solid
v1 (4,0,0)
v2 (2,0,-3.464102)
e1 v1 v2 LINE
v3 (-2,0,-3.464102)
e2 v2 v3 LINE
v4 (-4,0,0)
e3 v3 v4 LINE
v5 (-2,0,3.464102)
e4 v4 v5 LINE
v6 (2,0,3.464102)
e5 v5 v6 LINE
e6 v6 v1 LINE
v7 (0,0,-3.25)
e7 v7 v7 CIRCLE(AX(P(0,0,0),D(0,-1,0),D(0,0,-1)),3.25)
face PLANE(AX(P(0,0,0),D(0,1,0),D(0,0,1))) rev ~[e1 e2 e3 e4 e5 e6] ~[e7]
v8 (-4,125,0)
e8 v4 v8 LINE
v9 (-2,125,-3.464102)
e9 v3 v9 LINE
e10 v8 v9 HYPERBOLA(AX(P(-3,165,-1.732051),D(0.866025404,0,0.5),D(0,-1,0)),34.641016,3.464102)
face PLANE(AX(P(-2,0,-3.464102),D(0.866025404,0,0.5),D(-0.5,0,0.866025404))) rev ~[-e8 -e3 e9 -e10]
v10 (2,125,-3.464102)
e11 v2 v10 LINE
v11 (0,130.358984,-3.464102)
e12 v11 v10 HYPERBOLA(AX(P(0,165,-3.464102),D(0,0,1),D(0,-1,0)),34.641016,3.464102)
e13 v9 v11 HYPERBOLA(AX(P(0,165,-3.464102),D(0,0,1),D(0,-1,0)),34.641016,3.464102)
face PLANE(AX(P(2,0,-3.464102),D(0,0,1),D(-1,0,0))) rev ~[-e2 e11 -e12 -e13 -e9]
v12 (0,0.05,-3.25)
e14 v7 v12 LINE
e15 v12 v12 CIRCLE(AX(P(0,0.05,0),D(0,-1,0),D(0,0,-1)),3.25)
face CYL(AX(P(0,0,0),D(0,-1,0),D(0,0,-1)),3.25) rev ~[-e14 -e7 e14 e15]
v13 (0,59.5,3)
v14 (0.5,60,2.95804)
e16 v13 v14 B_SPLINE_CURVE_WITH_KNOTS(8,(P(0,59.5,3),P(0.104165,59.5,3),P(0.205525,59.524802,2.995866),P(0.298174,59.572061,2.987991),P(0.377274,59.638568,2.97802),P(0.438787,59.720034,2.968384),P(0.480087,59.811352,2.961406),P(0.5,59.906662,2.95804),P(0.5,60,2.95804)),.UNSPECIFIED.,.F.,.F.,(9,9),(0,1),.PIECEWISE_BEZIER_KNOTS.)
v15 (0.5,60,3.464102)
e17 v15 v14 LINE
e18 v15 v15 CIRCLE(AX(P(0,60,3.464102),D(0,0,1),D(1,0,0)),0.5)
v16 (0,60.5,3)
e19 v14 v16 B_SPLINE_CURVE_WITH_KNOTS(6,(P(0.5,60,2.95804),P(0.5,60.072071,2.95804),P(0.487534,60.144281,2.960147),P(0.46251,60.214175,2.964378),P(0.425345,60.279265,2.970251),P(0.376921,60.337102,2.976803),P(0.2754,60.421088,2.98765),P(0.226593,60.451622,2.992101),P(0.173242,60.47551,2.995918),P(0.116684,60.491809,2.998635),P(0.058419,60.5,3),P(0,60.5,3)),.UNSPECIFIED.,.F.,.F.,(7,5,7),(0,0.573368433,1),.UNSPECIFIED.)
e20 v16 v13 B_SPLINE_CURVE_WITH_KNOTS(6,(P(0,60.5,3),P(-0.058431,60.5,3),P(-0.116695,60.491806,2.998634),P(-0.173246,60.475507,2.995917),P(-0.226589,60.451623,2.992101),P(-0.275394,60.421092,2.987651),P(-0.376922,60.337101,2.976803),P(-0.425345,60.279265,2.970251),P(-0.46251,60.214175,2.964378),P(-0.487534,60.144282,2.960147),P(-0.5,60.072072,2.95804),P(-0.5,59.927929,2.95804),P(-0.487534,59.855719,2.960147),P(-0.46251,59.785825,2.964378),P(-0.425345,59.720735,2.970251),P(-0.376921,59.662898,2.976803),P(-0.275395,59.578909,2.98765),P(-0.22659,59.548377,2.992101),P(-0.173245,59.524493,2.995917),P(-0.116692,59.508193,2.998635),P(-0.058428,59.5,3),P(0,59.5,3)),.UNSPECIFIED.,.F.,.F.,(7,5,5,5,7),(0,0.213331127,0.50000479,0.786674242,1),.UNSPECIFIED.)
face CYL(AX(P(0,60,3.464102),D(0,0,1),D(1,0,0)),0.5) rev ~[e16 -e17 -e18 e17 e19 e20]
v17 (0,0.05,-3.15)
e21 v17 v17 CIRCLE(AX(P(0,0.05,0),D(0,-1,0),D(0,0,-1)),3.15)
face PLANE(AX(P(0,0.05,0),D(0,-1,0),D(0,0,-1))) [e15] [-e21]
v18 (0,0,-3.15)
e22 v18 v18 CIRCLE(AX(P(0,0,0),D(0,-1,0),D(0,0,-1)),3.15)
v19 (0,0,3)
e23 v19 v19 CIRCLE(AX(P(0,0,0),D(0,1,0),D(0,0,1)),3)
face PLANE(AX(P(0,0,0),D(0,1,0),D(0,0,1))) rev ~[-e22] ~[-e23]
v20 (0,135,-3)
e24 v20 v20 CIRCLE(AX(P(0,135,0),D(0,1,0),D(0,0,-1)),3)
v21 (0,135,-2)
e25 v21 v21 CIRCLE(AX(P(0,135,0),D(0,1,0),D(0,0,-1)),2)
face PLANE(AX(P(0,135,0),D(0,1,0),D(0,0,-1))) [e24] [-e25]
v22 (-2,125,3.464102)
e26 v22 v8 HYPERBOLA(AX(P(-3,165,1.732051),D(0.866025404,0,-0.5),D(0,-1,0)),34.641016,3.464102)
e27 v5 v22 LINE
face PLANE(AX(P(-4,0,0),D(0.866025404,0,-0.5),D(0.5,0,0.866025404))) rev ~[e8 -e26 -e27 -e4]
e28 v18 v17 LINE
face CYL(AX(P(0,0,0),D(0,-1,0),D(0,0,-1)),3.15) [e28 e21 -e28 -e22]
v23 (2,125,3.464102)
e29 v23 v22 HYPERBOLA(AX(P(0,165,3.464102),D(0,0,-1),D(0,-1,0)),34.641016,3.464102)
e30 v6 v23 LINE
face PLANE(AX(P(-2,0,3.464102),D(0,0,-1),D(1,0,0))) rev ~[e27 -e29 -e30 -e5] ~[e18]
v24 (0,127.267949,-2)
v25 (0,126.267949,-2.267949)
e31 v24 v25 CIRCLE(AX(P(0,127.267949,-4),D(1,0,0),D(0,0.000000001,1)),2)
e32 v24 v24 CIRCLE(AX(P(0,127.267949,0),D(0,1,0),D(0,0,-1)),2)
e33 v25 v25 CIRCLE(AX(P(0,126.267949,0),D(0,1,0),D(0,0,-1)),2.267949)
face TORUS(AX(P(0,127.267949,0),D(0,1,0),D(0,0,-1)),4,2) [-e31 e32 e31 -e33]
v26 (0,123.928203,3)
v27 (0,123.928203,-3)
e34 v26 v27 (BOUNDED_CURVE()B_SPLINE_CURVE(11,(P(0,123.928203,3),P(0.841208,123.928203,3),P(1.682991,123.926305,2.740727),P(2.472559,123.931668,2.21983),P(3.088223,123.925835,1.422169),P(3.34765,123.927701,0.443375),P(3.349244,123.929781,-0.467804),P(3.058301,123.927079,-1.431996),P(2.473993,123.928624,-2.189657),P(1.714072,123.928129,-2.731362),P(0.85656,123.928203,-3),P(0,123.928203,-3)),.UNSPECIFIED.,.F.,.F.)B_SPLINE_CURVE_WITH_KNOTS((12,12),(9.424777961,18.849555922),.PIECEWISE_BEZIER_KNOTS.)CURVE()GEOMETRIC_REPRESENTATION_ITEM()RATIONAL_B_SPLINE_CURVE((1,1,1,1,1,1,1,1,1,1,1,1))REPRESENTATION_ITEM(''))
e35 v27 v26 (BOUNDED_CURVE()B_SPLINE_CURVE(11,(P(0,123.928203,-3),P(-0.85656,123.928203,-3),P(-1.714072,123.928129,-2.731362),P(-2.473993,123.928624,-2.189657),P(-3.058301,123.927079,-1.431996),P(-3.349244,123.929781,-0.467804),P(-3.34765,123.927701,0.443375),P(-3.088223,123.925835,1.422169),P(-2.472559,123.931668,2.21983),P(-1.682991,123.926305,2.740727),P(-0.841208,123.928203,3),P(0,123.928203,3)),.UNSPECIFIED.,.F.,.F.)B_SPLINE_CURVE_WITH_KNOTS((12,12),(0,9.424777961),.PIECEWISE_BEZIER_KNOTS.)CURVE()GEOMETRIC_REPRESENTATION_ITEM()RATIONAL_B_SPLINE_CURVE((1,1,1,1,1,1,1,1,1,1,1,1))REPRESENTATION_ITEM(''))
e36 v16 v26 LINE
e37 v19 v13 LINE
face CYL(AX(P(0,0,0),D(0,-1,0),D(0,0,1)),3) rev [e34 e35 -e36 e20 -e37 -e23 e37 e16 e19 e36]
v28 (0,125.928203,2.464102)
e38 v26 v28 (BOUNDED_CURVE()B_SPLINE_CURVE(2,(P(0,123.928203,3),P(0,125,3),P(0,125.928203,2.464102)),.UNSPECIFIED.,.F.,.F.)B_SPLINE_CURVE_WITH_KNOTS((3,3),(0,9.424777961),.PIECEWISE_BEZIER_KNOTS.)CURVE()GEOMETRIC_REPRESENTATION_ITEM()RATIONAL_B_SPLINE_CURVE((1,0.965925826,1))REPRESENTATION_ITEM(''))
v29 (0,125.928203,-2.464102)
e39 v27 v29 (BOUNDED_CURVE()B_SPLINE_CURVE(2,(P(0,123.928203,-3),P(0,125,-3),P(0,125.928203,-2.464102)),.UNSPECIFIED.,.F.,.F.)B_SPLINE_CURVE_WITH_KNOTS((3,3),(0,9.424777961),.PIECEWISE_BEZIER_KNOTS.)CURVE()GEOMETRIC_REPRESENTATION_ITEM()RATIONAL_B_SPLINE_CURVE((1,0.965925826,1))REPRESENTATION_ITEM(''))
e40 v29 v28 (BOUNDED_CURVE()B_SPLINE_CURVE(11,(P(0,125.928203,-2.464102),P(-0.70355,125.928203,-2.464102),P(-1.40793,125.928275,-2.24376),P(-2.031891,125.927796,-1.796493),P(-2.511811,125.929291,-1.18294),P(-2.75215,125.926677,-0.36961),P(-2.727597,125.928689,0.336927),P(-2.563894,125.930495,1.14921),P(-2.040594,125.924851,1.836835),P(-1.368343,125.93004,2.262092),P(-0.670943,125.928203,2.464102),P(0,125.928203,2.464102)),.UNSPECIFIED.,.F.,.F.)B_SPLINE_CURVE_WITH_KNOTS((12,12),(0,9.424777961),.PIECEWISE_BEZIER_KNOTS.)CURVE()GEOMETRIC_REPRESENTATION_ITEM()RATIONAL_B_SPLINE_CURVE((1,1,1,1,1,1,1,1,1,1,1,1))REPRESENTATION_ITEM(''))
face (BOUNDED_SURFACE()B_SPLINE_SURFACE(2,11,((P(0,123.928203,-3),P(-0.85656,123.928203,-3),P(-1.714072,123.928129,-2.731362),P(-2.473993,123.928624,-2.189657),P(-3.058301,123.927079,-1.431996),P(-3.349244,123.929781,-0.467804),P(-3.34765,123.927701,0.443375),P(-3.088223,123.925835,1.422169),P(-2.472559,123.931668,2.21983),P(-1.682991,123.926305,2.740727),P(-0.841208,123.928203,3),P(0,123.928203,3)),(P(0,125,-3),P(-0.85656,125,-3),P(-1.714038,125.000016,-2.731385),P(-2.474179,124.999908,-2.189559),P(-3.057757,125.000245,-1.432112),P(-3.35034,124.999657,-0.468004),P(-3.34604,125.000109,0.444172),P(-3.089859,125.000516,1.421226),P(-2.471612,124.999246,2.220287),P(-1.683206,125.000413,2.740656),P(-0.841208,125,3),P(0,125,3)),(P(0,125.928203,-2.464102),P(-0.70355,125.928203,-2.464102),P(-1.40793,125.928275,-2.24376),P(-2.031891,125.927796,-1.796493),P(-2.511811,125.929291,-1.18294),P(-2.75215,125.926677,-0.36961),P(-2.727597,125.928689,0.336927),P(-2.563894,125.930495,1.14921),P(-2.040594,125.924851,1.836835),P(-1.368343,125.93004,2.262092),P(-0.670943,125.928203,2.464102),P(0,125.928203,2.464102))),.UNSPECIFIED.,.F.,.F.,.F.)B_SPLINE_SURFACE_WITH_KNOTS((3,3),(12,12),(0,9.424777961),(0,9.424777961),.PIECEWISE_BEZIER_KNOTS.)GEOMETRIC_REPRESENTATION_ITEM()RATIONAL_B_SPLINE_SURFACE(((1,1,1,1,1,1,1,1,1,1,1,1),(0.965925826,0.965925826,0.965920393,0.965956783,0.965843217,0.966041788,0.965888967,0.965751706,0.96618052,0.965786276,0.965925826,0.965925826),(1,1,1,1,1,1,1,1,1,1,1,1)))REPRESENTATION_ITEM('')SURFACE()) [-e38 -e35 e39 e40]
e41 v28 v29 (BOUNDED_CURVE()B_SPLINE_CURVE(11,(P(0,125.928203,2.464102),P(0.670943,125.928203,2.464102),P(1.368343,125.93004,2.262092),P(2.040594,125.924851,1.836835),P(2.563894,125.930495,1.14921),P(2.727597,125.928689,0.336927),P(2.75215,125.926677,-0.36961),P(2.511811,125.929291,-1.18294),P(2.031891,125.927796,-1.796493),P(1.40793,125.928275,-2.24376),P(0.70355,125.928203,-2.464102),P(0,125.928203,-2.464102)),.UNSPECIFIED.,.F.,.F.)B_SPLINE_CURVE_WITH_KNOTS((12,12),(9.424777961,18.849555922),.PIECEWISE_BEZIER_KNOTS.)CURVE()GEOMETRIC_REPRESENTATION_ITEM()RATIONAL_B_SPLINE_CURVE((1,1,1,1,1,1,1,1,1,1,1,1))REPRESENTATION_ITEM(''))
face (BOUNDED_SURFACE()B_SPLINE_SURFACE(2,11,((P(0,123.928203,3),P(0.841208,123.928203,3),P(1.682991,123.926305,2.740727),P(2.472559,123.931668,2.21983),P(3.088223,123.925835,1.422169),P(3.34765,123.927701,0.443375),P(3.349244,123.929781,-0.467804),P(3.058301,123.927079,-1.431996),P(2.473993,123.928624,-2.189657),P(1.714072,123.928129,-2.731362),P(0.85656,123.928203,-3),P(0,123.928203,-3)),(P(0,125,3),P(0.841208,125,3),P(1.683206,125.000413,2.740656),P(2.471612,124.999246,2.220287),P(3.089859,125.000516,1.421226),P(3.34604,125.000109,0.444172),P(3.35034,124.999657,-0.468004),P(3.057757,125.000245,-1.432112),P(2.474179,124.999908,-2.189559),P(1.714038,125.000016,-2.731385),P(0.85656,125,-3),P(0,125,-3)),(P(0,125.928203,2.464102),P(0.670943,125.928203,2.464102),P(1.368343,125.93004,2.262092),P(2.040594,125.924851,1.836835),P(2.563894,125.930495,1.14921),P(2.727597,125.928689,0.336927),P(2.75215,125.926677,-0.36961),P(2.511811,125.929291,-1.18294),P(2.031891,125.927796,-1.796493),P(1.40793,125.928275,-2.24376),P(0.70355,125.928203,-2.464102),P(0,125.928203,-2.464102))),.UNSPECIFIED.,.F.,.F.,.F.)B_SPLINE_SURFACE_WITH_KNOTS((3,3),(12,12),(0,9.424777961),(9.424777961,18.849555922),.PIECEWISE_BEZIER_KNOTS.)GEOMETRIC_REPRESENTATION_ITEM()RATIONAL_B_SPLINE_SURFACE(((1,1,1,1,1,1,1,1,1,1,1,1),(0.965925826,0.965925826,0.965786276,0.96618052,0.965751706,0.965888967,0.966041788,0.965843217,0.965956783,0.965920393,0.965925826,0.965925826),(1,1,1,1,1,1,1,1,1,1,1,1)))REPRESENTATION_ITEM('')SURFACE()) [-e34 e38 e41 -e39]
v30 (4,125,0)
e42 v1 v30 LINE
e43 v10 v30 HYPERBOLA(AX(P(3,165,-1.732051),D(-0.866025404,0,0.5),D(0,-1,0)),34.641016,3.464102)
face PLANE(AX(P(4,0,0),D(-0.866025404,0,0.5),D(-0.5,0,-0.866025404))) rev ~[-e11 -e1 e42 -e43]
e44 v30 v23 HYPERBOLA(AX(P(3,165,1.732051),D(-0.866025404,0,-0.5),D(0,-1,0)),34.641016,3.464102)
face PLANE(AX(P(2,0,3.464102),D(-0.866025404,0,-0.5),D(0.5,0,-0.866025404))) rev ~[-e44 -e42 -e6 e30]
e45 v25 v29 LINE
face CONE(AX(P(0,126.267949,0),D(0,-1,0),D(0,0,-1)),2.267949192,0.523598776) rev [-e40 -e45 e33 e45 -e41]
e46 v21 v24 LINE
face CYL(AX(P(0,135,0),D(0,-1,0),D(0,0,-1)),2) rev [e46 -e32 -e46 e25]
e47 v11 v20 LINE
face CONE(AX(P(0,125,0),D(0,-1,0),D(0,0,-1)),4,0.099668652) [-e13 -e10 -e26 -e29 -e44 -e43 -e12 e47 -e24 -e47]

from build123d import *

# Parameters (mm, degrees)
CROQUIS1_R              = 4
CROQUIS1_R_2            = 3
SALIENTE_EXTRUIR1_DEPTH = 125
CORTAR_EXTRUIR1_DEPTH   = 136.11846654
REDONDEO1_R             = 4
CROQUIS15_R             = 3.25
CROQUIS15_R_2           = 3.15
CORTAR_EXTRUIR2_DEPTH   = 0.05
CROQUIS17_R             = 0.5
CORTAR_EXTRUIR3_DEPTH   = 1


with BuildPart() as part:
    # Croquis1 → Saliente-Extruir1 (new body)
    with BuildSketch(Plane(origin=(0, 0, 0), x_dir=(1, 0, 0), z_dir=(0, 1, 0))):
        with Locations(Location((0, 0, 0), (0, 0, 270))):
            Circle(CROQUIS1_R)
        with Locations(Location((0, 0, 0), (0, 0, 270))):
            Circle(CROQUIS1_R_2, mode=Mode.SUBTRACT)
    extrude(amount=SALIENTE_EXTRUIR1_DEPTH)

    # Croquis13 → Revolución1 (revolve)
    with BuildSketch(Plane.XY, mode=Mode.PRIVATE) as revoluci_n1_sk:
        with BuildLine():
            Line((-4, 125), (-3, 135))
            Line((-3, 135), (-2, 135))
            Line((-2, 135), (-2, 127.267949192))
            ThreePointArc((-2, 127.267949192), (-2.068148347, 126.750311102), (-2.267949192, 126.267949192))
            Line((-2.267949192, 126.267949192), (-3, 125))
            Line((-3, 125), (-4, 125))
        make_face()
    revolve(revoluci_n1_sk.sketch.rotate(Axis((0, 125, 0), (0, 1, 0)), 270), axis=Axis((0, 125, 0), (0, 1, 0)))

    # Croquis14 → Cortar-Extruir1 (cut, through all)
    with BuildSketch(Plane.XZ):
        with BuildLine():
            Line((2, -3.464101615), (-2, -3.464101615))
            ThreePointArc((-2, -3.464101615), (0, -4), (2, -3.464101615))
        make_face()
        with BuildLine():
            Line((4, 0), (2, -3.464101615))
            ThreePointArc((2, -3.464101615), (3.464101615, -2), (4, 0))
        make_face()
        with BuildLine():
            ThreePointArc((4, 0), (3.464101615, 2), (2, 3.464101615))
            Line((2, 3.464101615), (4, 0))
        make_face()
        with BuildLine():
            ThreePointArc((2, 3.464101615), (0, 4), (-2, 3.464101615))
            Line((-2, 3.464101615), (2, 3.464101615))
        make_face()
        with BuildLine():
            ThreePointArc((-2, 3.464101615), (-3.464101615, 2), (-4, 0))
            Line((-4, 0), (-2, 3.464101615))
        make_face()
        with BuildLine():
            Line((-2, -3.464101615), (-4, 0))
            ThreePointArc((-4, 0), (-3.464101615, -2), (-2, -3.464101615))
        make_face()
    extrude(amount=-CORTAR_EXTRUIR1_DEPTH, mode=Mode.SUBTRACT)

    # Redondeo1
    redondeo1_edges = [part.edges().sort_by_distance(p)[0] for p in [
        (-3, 125, 0),
    ]]
    fillet(redondeo1_edges, radius=REDONDEO1_R)

    # Croquis15 → Cortar-Extruir2 (cut)
    with BuildSketch(Plane.XZ):
        with Locations(Location((0, 0, 0), (0, 0, 270))):
            Circle(CROQUIS15_R)
        with Locations(Location((0, 0, 0), (0, 0, 270))):
            Circle(CROQUIS15_R_2, mode=Mode.SUBTRACT)
    extrude(amount=-CORTAR_EXTRUIR2_DEPTH, mode=Mode.SUBTRACT)

    # Croquis17 → Cortar-Extruir3 (cut)
    with BuildSketch(Plane.XY.offset(3.464101615)):
        with Locations((0, 60)):
            Circle(CROQUIS17_R)
    extrude(amount=-CORTAR_EXTRUIR3_DEPTH, mode=Mode.SUBTRACT)


solid = part.part
